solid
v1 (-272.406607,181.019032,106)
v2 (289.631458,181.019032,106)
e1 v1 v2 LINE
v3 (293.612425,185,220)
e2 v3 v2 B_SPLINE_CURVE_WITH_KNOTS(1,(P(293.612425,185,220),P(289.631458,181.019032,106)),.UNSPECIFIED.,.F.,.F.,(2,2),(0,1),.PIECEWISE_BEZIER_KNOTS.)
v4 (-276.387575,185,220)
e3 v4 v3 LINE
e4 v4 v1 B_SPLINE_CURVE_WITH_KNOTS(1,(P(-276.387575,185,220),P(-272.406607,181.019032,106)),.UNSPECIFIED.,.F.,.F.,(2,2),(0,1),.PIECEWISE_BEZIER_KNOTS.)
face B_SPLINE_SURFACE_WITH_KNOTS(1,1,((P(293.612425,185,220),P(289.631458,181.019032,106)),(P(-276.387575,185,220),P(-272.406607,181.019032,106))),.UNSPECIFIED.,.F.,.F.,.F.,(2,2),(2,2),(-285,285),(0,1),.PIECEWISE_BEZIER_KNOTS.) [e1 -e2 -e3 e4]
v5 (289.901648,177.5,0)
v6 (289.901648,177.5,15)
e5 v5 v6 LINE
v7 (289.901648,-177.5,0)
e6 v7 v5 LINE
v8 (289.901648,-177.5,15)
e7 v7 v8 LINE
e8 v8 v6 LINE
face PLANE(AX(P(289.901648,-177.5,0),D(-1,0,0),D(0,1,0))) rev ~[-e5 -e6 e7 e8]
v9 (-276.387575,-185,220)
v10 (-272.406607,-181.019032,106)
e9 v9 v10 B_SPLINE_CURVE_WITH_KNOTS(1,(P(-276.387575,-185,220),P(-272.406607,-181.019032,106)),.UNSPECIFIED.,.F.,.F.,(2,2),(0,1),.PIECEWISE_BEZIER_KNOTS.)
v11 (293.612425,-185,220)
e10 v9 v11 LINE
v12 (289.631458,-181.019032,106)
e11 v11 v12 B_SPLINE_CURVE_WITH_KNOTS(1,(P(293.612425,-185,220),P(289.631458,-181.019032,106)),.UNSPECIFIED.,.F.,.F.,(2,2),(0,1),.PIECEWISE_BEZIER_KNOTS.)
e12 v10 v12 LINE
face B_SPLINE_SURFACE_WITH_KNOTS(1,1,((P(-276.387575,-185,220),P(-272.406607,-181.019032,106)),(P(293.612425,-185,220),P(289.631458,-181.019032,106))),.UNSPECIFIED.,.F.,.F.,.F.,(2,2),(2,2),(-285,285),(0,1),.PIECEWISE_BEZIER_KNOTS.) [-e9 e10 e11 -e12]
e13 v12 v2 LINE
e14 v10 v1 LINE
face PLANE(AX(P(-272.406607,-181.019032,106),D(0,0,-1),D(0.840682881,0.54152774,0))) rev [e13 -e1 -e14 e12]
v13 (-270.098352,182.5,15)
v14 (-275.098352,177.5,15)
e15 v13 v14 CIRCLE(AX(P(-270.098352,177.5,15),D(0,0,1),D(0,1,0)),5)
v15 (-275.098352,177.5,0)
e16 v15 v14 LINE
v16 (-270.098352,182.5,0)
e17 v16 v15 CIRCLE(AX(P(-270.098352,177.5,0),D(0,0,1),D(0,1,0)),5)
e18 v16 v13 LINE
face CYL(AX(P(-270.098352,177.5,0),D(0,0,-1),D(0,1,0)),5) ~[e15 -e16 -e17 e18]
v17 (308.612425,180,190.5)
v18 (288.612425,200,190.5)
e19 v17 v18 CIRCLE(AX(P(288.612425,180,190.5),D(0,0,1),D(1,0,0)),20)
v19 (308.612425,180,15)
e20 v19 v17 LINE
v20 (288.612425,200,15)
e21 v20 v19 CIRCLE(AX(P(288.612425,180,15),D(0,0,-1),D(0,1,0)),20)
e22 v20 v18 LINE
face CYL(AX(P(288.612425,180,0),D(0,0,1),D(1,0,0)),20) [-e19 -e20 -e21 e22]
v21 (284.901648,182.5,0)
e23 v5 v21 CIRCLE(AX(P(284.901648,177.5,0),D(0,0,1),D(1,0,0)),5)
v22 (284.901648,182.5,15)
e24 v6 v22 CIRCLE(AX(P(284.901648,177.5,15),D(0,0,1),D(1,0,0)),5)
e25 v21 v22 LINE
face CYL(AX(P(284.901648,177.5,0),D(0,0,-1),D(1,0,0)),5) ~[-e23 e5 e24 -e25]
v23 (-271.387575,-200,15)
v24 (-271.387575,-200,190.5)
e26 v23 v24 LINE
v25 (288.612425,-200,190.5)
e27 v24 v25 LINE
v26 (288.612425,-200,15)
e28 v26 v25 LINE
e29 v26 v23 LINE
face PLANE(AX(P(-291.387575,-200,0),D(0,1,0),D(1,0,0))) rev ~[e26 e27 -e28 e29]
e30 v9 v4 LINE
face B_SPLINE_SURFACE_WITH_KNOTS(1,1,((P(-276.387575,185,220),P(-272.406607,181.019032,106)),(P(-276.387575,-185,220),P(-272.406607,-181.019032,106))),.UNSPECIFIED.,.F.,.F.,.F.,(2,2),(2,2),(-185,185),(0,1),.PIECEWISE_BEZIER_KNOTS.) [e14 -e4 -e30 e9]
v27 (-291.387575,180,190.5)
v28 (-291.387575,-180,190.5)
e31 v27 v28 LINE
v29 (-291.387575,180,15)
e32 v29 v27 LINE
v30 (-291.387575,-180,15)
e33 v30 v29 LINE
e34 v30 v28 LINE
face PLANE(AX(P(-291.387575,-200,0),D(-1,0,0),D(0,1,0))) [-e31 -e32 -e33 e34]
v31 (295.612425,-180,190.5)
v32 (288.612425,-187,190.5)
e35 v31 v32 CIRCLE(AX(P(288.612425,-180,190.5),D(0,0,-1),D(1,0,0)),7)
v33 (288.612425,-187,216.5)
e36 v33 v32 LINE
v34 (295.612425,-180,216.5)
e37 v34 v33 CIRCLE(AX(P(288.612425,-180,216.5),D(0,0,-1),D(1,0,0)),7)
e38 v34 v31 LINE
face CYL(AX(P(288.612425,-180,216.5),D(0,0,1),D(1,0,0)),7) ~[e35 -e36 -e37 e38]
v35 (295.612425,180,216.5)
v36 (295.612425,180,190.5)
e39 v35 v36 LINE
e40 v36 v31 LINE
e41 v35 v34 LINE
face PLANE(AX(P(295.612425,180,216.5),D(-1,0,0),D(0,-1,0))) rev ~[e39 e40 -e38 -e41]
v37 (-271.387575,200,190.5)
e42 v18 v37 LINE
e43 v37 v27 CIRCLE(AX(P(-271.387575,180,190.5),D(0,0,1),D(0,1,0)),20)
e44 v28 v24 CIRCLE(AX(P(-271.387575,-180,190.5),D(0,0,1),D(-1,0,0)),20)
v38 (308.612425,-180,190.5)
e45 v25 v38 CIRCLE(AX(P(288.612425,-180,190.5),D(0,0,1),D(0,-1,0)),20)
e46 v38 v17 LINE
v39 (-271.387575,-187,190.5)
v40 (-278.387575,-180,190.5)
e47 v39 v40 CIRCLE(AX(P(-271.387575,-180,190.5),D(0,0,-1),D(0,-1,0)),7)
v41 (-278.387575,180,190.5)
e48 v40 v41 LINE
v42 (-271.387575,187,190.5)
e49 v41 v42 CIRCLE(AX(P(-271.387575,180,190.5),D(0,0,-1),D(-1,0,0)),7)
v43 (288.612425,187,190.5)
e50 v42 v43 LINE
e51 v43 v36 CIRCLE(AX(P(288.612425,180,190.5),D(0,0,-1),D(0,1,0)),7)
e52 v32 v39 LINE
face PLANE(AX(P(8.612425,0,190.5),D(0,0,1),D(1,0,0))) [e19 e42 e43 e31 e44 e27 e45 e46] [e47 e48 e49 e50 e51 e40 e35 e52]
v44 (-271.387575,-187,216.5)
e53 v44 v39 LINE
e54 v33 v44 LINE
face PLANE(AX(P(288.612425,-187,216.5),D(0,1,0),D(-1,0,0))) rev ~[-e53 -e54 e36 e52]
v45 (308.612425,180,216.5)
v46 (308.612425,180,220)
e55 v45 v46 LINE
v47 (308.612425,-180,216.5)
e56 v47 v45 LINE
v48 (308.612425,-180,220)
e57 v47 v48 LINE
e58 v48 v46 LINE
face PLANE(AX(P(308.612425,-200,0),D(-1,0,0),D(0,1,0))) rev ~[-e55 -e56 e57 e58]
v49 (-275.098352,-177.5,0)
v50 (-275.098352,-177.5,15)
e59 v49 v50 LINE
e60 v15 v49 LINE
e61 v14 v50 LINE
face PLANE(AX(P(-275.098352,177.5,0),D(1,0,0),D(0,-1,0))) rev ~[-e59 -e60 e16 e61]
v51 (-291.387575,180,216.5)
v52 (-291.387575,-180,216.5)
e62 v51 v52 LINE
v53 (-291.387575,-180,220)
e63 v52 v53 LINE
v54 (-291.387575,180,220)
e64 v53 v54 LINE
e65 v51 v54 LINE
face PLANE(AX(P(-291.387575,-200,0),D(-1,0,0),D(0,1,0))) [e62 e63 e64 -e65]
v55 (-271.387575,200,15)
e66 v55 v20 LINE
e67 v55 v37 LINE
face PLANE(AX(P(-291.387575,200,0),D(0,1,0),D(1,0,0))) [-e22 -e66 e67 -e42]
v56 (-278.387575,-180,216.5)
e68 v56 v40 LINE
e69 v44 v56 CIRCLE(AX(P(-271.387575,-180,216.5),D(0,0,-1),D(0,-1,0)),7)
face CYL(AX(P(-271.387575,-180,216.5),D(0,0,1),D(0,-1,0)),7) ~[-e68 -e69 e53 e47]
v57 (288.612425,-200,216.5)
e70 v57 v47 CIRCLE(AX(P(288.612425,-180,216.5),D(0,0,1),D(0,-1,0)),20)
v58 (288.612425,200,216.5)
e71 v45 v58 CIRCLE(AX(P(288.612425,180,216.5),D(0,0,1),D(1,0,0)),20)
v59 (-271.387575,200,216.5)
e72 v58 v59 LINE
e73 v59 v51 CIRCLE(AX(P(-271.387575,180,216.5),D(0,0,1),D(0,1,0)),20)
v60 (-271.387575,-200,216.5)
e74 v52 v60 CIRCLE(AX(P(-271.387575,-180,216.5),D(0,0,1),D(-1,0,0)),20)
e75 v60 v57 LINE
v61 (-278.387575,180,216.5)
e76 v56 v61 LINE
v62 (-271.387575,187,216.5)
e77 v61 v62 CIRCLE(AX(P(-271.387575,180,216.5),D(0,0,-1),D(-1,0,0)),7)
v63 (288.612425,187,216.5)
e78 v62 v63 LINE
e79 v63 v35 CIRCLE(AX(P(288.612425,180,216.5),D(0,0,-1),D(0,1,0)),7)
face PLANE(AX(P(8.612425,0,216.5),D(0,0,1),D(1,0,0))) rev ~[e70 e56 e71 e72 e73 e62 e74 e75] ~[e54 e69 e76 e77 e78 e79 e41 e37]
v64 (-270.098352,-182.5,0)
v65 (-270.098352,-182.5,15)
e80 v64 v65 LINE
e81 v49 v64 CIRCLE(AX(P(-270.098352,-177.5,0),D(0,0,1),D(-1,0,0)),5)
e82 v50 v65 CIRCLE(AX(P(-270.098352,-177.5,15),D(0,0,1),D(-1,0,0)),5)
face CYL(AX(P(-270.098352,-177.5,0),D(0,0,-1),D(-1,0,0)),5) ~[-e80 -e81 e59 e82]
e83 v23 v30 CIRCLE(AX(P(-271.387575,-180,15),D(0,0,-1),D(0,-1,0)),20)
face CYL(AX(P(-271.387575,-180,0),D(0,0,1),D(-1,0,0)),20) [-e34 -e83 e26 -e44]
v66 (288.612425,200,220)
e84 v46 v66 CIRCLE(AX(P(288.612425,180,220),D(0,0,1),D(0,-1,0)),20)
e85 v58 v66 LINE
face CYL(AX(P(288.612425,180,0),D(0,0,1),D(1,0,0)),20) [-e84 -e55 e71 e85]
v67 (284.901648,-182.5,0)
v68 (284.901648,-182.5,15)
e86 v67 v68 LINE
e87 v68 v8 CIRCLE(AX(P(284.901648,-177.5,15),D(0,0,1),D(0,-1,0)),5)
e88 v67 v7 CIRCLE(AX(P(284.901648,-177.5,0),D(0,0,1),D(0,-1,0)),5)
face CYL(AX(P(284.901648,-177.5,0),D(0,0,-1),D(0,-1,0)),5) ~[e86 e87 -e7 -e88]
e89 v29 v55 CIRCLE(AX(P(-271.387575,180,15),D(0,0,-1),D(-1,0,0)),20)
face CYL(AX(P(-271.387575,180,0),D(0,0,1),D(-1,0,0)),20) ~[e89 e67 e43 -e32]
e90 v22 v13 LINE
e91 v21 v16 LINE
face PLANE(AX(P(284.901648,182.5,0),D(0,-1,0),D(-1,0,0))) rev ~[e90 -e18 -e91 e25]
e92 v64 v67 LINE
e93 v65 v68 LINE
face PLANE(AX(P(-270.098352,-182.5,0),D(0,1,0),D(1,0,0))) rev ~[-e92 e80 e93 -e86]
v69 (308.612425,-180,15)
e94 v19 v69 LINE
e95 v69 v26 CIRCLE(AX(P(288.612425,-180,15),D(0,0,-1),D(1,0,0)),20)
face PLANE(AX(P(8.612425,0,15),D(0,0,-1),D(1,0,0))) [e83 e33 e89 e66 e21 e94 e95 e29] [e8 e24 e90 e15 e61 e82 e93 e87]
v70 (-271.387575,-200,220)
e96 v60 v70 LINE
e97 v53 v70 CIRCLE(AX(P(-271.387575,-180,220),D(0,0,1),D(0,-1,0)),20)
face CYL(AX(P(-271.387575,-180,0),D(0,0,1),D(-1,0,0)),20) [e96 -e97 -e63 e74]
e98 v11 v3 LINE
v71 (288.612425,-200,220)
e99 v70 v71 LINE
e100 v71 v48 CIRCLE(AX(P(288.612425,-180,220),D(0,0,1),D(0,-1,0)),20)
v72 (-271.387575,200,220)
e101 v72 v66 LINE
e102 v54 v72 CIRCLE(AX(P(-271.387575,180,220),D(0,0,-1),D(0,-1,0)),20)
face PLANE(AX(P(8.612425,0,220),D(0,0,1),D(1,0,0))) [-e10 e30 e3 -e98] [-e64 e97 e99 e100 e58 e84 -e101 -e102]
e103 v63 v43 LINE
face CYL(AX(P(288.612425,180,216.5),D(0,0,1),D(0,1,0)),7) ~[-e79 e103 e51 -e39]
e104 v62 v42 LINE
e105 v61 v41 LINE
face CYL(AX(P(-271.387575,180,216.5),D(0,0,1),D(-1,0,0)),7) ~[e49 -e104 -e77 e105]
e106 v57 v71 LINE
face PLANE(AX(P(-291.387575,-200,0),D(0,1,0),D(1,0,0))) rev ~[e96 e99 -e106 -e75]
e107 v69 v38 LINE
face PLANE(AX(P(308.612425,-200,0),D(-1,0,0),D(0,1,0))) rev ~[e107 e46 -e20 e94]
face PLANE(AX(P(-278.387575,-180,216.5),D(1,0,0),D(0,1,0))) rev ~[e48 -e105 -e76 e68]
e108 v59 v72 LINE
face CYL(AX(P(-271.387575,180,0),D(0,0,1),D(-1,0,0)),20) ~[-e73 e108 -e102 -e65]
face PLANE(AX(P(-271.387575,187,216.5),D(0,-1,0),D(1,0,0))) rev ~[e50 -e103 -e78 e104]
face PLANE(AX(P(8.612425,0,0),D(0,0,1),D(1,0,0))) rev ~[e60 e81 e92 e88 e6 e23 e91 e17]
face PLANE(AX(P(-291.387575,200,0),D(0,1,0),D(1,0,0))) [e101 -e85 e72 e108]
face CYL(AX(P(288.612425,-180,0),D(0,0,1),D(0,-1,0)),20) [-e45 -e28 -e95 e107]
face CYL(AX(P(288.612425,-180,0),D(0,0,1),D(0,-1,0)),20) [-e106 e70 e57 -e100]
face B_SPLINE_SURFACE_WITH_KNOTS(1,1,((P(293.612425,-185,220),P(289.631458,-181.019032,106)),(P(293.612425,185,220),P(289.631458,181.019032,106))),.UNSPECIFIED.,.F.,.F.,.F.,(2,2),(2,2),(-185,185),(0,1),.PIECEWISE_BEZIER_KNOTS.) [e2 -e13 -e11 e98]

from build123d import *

# Parameters (mm, degrees)
F0_W     = 600
F0_H     = 400
F1_DEPTH = 220
F2_R     = 20
F4_DEPTH = 15
F7_DEPTH = 26
F8_W     = 570
F8_H     = 370
F9_DEPTH = 114
F9_TAPER = 2


with BuildPart() as f1:
    # F0 (on Top) → F1 (new body)
    with BuildSketch(Plane.XY):
        with Locations((8.6124254986, 0)):
            Rectangle(F0_W, F0_H)
    extrude(amount=F1_DEPTH)

    # F2
    f2_edges = [f1.edges().sort_by_distance(p)[0] for p in [
        (-291.387575, -200, 110),
        (308.612425, -200, 110),
        (308.612425, 200, 110),
        (-291.387575, 200, 110),
    ]]
    fillet(f2_edges, radius=F2_R)

    # F3 (on face) → F4 (cut)
    with BuildSketch(Plane(origin=(0, 0, 0), x_dir=(1, 0, 0), z_dir=(0, 0, -1))):
        with BuildLine():
            ThreePointArc((308.6124254986, 180), (302.7545611224, 194.1421356237), (288.6124254986, 200))
            Line((288.6124254986, 200), (-271.3875745014, 200))
            ThreePointArc((-271.3875745014, 200), (-285.5297101251, 194.1421356237), (-291.3875745014, 180))
            Line((-291.3875745014, 180), (-291.3875745014, -180))
            ThreePointArc((-291.3875745014, -180), (-285.5297101251, -194.1421356237), (-271.3875745014, -200))
            Line((-271.3875745014, -200), (288.6124254986, -200))
            ThreePointArc((288.6124254986, -200), (302.7545611224, -194.1421356237), (308.6124254986, -180))
            Line((308.6124254986, -180), (308.6124254986, 180))
        make_face()
        with BuildLine():
            ThreePointArc((-275.0983515568, 177.5), (-273.6338854627, 181.0355339059), (-270.0983515568, 182.5))
            Line((-270.0983515568, 182.5), (284.9016484432, 182.5))
            ThreePointArc((284.9016484432, 182.5), (288.4371823491, 181.0355339059), (289.9016484432, 177.5))
            Line((289.9016484432, 177.5), (289.9016484432, -177.5))
            ThreePointArc((289.9016484432, -177.5), (288.4371823491, -181.0355339059), (284.9016484432, -182.5))
            Line((284.9016484432, -182.5), (-270.0983515568, -182.5))
            ThreePointArc((-270.0983515568, -182.5), (-273.6338854627, -181.0355339059), (-275.0983515568, -177.5))
            Line((-275.0983515568, -177.5), (-275.0983515568, 177.5))
        make_face(mode=Mode.SUBTRACT)
    extrude(amount=-F4_DEPTH, mode=Mode.SUBTRACT)

    # F6 (on offset) → F7 (cut)
    with BuildSketch(Plane.XY.offset(216.5)):
        with BuildLine():
            ThreePointArc((-271.3875745014, 200), (-285.5297101251, 194.1421356237), (-291.3875745014, 180))
            Line((-291.3875745014, 180), (-291.3875745014, -180))
            ThreePointArc((-291.3875745014, -180), (-285.5297101251, -194.1421356237), (-271.3875745014, -200))
            Line((-271.3875745014, -200), (288.6124254986, -200))
            ThreePointArc((288.6124254986, -200), (302.7545611224, -194.1421356237), (308.6124254986, -180))
            Line((308.6124254986, -180), (308.6124254986, 180))
            ThreePointArc((308.6124254986, 180), (302.7545611224, 194.1421356237), (288.6124254986, 200))
            Line((288.6124254986, 200), (-271.3875745014, 200))
        make_face()
        with BuildLine():
            ThreePointArc((-278.3875745014, 180), (-276.3373219697, 184.9497474683), (-271.3875745014, 187))
            Line((-271.3875745014, 187), (288.6124254986, 187))
            ThreePointArc((288.6124254986, 187), (293.5621729669, 184.9497474683), (295.6124254986, 180))
            Line((295.6124254986, 180), (295.6124254986, -180))
            ThreePointArc((295.6124254986, -180), (293.5621729669, -184.9497474683), (288.6124254986, -187))
            Line((288.6124254986, -187), (-271.3875745014, -187))
            ThreePointArc((-271.3875745014, -187), (-276.3373219697, -184.9497474683), (-278.3875745014, -180))
            Line((-278.3875745014, -180), (-278.3875745014, 180))
        make_face(mode=Mode.SUBTRACT)
    extrude(amount=-F7_DEPTH, mode=Mode.SUBTRACT)

    # F8 (on face) → F9 (cut)
    with BuildSketch(Plane.XY.offset(220)):
        with Locations((8.6124254986, 0)):
            Rectangle(F8_W, F8_H)
    extrude(amount=-F9_DEPTH, taper=F9_TAPER, mode=Mode.SUBTRACT)


solid = f1.part
